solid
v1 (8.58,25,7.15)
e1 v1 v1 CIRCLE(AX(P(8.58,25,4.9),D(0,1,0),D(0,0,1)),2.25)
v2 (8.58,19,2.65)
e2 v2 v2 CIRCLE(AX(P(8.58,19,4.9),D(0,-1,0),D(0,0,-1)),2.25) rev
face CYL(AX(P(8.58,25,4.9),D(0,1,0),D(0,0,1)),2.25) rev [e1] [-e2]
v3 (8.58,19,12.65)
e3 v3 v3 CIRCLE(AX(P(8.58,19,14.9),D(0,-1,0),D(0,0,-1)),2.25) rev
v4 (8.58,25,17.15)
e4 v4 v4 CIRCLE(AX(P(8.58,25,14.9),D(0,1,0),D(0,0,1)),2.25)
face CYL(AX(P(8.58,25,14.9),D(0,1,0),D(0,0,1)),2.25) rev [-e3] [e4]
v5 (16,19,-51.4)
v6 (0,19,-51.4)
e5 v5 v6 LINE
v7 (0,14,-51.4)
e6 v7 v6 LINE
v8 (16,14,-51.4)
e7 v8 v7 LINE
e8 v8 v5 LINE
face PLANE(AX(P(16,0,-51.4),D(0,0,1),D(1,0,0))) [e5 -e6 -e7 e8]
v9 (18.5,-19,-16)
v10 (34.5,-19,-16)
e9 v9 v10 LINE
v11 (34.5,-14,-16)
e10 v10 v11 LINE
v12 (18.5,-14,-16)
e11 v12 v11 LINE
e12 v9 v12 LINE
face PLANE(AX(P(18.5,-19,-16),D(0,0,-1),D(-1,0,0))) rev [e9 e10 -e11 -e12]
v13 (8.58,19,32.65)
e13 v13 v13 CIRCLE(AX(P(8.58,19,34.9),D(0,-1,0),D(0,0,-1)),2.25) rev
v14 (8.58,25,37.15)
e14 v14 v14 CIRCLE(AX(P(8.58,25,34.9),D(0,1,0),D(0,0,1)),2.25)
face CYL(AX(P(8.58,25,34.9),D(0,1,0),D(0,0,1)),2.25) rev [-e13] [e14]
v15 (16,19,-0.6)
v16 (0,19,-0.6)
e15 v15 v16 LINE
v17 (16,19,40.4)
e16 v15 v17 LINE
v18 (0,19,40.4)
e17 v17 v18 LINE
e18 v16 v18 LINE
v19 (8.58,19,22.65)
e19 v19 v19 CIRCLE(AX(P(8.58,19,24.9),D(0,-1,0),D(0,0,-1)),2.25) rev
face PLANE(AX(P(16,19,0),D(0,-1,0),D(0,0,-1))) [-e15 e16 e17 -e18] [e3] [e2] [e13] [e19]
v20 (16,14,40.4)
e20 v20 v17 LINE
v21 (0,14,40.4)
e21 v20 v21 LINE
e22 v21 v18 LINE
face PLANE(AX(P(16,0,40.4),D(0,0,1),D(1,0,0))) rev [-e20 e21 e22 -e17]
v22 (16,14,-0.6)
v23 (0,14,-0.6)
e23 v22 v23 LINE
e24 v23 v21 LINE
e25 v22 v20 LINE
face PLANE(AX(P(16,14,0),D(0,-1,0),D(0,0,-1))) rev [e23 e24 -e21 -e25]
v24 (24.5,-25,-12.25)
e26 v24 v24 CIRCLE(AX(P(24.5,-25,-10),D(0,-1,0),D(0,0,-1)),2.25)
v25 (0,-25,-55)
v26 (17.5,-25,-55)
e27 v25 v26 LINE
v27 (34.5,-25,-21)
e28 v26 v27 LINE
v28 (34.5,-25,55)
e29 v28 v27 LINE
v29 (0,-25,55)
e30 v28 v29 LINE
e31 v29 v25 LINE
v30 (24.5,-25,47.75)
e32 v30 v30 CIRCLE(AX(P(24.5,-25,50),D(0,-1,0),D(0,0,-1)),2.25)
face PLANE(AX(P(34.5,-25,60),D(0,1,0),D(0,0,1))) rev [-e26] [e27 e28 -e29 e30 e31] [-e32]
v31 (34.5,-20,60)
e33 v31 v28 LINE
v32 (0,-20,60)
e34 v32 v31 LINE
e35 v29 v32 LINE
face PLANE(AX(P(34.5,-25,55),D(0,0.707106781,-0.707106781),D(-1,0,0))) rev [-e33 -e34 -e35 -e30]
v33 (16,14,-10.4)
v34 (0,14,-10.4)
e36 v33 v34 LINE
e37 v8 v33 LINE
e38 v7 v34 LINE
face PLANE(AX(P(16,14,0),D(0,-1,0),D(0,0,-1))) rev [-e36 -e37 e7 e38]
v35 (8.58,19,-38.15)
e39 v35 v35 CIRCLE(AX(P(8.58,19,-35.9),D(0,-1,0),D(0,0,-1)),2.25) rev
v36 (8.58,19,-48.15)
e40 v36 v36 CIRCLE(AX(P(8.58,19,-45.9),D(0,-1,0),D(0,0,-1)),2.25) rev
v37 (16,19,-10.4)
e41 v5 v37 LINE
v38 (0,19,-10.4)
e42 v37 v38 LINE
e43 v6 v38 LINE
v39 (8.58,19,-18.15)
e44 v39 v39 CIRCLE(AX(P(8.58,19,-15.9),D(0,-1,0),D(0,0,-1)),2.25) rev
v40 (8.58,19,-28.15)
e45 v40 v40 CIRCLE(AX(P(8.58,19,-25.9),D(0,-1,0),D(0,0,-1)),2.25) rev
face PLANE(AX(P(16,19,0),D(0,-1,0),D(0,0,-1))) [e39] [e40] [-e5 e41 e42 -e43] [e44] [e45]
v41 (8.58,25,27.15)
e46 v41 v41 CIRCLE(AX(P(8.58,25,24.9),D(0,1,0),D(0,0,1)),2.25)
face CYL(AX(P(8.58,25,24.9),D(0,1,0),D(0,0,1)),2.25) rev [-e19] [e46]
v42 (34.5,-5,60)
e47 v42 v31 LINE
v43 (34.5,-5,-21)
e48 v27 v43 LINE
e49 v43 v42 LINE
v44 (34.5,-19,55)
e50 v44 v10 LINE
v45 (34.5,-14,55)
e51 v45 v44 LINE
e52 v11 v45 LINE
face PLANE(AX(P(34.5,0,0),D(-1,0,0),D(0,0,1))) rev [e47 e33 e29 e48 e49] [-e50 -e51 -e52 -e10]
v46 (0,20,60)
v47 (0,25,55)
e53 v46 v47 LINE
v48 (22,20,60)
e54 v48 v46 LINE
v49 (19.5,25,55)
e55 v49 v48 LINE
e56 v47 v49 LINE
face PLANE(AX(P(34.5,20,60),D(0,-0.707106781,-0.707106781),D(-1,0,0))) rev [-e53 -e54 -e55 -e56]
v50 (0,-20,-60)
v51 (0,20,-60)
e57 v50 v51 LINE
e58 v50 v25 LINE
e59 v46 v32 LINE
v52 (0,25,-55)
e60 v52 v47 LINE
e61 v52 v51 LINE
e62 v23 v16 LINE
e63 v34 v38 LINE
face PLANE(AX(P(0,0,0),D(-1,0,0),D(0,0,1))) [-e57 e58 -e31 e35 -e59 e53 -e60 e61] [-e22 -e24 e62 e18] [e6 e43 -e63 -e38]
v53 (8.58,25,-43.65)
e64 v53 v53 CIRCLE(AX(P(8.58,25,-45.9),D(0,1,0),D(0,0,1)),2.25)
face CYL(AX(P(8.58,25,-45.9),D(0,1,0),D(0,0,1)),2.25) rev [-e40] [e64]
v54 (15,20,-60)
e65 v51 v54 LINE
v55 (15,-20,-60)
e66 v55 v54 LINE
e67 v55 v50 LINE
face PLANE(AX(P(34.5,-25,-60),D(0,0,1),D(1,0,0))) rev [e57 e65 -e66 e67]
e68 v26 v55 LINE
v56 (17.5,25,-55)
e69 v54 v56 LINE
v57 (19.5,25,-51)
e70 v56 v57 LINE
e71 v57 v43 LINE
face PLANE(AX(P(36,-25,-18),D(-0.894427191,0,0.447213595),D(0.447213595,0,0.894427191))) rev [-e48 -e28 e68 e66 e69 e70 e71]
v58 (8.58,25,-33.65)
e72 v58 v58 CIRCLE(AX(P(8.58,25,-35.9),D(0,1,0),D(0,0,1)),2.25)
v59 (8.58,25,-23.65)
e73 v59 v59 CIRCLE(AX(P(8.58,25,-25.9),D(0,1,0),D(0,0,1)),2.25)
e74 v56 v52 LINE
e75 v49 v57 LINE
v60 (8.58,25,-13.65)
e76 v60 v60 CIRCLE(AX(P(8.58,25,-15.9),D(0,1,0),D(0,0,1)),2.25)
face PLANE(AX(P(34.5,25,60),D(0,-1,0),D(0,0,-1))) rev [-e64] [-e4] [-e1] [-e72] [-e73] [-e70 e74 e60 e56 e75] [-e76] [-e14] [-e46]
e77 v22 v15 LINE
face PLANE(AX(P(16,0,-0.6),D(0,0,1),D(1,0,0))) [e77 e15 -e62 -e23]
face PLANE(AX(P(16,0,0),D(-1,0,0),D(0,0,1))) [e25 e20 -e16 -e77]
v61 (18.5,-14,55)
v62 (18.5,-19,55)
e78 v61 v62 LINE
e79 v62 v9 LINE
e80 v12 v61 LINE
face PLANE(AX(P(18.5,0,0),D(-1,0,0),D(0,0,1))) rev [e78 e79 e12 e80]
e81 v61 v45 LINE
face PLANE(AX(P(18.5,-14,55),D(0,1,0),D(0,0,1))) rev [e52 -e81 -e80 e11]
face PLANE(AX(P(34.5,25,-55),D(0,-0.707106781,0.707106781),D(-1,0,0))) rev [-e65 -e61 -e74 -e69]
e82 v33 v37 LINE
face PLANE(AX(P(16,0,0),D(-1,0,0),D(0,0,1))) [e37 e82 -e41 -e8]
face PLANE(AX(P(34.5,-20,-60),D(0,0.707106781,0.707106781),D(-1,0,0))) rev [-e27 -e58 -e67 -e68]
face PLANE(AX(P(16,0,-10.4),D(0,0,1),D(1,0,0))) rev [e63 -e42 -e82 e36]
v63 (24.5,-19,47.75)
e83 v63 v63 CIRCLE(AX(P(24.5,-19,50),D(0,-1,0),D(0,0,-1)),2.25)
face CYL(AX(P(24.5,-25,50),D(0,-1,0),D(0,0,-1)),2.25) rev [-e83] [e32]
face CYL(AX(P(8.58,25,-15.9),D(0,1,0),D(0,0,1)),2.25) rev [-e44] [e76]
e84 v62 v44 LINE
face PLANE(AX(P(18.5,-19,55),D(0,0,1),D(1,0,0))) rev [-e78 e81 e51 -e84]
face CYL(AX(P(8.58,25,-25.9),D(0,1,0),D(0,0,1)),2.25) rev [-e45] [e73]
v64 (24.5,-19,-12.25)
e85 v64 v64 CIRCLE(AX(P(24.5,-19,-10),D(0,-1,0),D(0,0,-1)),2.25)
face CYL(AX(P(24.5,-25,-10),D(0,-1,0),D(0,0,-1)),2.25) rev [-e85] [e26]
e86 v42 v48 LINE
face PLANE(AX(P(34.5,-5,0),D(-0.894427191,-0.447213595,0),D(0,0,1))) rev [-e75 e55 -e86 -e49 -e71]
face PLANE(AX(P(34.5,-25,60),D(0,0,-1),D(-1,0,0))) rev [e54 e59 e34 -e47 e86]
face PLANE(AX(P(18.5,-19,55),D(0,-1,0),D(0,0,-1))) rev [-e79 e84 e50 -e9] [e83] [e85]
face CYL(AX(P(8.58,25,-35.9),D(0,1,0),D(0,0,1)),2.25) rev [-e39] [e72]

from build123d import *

# Parameters (mm, degrees)
SKETCH1_W                     = 120
SKETCH1_H                     = 50
BOSS_EXTRUDE1_DEPTH           = 34.5
SKETCH2_W                     = 71
SKETCH2_H                     = 5
CUT_EXTRUDE1_DEPTH            = 16
M4_CLEARANCE_HOLE1_D          = 4.5
M4_CLEARANCE_HOLE1_DEPTH      = 6
M4_CLEARANCE_HOLE2_AT_2_COUNT = 2
M4_CLEARANCE_HOLE2_AT_2_PITCH = 50.8
LPATTERN1_COUNT               = 4
LPATTERN1_PITCH               = 10
SKETCH9_W                     = 41
SKETCH9_H                     = 5
CUT_EXTRUDE2_DEPTH            = 16
CUT_EXTRUDE3_DEPTH            = 86.382960829
CHAMFER2_SIZE                 = 15
CHAMFER2_SIZE2                = 30
CHAMFER3_SIZE                 = 5


with BuildPart() as part:
    # Sketch1 → Boss-Extrude1 (new body)
    with BuildSketch(Plane(origin=(0, 0, 0), x_dir=(0, 0, -1), z_dir=(1, 0, 0))):
        Rectangle(SKETCH1_W, SKETCH1_H)
    extrude(amount=BOSS_EXTRUDE1_DEPTH)

    # Sketch2 → Cut-Extrude1 (cut)
    with BuildSketch(Plane(origin=(34.5, 0, 0), x_dir=(0, 0, -1), z_dir=(1, 0, 0))):
        with Locations((-19.5, -16.5)):
            Rectangle(SKETCH2_W, SKETCH2_H)
    extrude(amount=-CUT_EXTRUDE1_DEPTH, mode=Mode.SUBTRACT)

    # M4 Clearance Hole1
    with Locations(Plane(origin=(0, -25, 0), x_dir=(-1, 0, 0), z_dir=(0, -1, 0))):
        with Locations((-24.5, -50), (-24.5, 10)):
            Hole(M4_CLEARANCE_HOLE1_D / 2, depth=M4_CLEARANCE_HOLE1_DEPTH)

    # Sketch8 → M4 Clearance Hole2 (revolve, cut)
    with BuildSketch(Plane(origin=(8.58, 25, -15.9), x_dir=(0, 0, 1), z_dir=(1, 0, 0))):
        Polygon((0, 0), (0, 7.351936393), (2.25, 6), (2.25, 0), align=None)
    m4_clearance_hole2 = revolve(axis=Axis((8.58, 31.35, -15.9), (0, -1, 0)), mode=Mode.SUBTRACT)

    # M4 Clearance Hole2 at 2: M4 Clearance Hole2 ×2
    with Locations(*[(0, 0, i * M4_CLEARANCE_HOLE2_AT_2_PITCH) for i in range(1, M4_CLEARANCE_HOLE2_AT_2_COUNT)]):
        add(m4_clearance_hole2, mode=Mode.SUBTRACT)

    # LPattern1: M4 Clearance Hole2 ×4
    with Locations(*[(0, 0, -i * LPATTERN1_PITCH) for i in range(1, LPATTERN1_COUNT)]):
        add(m4_clearance_hole2, mode=Mode.SUBTRACT)

    # LPattern1 copy 1 sketch → LPattern1 copy 1 (revolve, cut)
    with BuildSketch(Plane(origin=(8.58, 25, 24.9), x_dir=(0, 0, 1), z_dir=(1, 0, 0))):
        Polygon((0, 0), (0, 7.351936393), (2.25, 6), (2.25, 0), align=None)
    revolve(axis=Axis((8.58, 31.35, 24.9), (0, -1, 0)), mode=Mode.SUBTRACT)

    # LPattern1 copy 2 sketch → LPattern1 copy 2 (revolve, cut)
    with BuildSketch(Plane(origin=(8.58, 25, 14.9), x_dir=(0, 0, 1), z_dir=(1, 0, 0))):
        Polygon((0, 0), (0, 7.351936393), (2.25, 6), (2.25, 0), align=None)
    revolve(axis=Axis((8.58, 31.35, 14.9), (0, -1, 0)), mode=Mode.SUBTRACT)

    # LPattern1 copy 3 sketch → LPattern1 copy 3 (revolve, cut)
    with BuildSketch(Plane(origin=(8.58, 25, 4.9), x_dir=(0, 0, 1), z_dir=(1, 0, 0))):
        Polygon((0, 0), (0, 7.351936393), (2.25, 6), (2.25, 0), align=None)
    revolve(axis=Axis((8.58, 31.35, 4.9), (0, -1, 0)), mode=Mode.SUBTRACT)

    # Sketch9 → Cut-Extrude2 (cut)
    with BuildSketch(Plane.ZY):
        with Locations((-30.9, 16.5)):
            Rectangle(SKETCH9_W, SKETCH9_H)
        with Locations((19.9, 16.5)):
            Rectangle(SKETCH9_W, SKETCH9_H)
    extrude(amount=-CUT_EXTRUDE2_DEPTH, mode=Mode.SUBTRACT)

    # Sketch10 → Cut-Extrude3 (cut, through all)
    with BuildSketch(Plane(origin=(0, 25, 0), x_dir=(1, 0, 0), z_dir=(0, 1, 0))):
        Polygon((34.5, 60), (15, 60), (34.5, 21), align=None)
    extrude(amount=-CUT_EXTRUDE3_DEPTH, mode=Mode.SUBTRACT)

    # Chamfer2
    chamfer2_edges = [part.edges().sort_by_distance(p)[0] for p in [
        (34.5, 25, 19.5),
    ]]
    chamfer2_side = [part.faces().sort_by_distance(p)[0] for p in [
        (16.428375325, 25, 5.112583766),
    ]]
    chamfer(chamfer2_edges, length=CHAMFER2_SIZE, length2=CHAMFER2_SIZE2, reference=chamfer2_side[0])

    # Chamfer3
    chamfer3_edges = [part.edges().sort_by_distance(p)[0] for p in [
        (7.5, 25, -60),
        (7.5, -25, -60),
        (9.75, 25, 60),
        (17.25, -25, 60),
    ]]
    chamfer(chamfer3_edges, length=CHAMFER3_SIZE)


solid = part.part
